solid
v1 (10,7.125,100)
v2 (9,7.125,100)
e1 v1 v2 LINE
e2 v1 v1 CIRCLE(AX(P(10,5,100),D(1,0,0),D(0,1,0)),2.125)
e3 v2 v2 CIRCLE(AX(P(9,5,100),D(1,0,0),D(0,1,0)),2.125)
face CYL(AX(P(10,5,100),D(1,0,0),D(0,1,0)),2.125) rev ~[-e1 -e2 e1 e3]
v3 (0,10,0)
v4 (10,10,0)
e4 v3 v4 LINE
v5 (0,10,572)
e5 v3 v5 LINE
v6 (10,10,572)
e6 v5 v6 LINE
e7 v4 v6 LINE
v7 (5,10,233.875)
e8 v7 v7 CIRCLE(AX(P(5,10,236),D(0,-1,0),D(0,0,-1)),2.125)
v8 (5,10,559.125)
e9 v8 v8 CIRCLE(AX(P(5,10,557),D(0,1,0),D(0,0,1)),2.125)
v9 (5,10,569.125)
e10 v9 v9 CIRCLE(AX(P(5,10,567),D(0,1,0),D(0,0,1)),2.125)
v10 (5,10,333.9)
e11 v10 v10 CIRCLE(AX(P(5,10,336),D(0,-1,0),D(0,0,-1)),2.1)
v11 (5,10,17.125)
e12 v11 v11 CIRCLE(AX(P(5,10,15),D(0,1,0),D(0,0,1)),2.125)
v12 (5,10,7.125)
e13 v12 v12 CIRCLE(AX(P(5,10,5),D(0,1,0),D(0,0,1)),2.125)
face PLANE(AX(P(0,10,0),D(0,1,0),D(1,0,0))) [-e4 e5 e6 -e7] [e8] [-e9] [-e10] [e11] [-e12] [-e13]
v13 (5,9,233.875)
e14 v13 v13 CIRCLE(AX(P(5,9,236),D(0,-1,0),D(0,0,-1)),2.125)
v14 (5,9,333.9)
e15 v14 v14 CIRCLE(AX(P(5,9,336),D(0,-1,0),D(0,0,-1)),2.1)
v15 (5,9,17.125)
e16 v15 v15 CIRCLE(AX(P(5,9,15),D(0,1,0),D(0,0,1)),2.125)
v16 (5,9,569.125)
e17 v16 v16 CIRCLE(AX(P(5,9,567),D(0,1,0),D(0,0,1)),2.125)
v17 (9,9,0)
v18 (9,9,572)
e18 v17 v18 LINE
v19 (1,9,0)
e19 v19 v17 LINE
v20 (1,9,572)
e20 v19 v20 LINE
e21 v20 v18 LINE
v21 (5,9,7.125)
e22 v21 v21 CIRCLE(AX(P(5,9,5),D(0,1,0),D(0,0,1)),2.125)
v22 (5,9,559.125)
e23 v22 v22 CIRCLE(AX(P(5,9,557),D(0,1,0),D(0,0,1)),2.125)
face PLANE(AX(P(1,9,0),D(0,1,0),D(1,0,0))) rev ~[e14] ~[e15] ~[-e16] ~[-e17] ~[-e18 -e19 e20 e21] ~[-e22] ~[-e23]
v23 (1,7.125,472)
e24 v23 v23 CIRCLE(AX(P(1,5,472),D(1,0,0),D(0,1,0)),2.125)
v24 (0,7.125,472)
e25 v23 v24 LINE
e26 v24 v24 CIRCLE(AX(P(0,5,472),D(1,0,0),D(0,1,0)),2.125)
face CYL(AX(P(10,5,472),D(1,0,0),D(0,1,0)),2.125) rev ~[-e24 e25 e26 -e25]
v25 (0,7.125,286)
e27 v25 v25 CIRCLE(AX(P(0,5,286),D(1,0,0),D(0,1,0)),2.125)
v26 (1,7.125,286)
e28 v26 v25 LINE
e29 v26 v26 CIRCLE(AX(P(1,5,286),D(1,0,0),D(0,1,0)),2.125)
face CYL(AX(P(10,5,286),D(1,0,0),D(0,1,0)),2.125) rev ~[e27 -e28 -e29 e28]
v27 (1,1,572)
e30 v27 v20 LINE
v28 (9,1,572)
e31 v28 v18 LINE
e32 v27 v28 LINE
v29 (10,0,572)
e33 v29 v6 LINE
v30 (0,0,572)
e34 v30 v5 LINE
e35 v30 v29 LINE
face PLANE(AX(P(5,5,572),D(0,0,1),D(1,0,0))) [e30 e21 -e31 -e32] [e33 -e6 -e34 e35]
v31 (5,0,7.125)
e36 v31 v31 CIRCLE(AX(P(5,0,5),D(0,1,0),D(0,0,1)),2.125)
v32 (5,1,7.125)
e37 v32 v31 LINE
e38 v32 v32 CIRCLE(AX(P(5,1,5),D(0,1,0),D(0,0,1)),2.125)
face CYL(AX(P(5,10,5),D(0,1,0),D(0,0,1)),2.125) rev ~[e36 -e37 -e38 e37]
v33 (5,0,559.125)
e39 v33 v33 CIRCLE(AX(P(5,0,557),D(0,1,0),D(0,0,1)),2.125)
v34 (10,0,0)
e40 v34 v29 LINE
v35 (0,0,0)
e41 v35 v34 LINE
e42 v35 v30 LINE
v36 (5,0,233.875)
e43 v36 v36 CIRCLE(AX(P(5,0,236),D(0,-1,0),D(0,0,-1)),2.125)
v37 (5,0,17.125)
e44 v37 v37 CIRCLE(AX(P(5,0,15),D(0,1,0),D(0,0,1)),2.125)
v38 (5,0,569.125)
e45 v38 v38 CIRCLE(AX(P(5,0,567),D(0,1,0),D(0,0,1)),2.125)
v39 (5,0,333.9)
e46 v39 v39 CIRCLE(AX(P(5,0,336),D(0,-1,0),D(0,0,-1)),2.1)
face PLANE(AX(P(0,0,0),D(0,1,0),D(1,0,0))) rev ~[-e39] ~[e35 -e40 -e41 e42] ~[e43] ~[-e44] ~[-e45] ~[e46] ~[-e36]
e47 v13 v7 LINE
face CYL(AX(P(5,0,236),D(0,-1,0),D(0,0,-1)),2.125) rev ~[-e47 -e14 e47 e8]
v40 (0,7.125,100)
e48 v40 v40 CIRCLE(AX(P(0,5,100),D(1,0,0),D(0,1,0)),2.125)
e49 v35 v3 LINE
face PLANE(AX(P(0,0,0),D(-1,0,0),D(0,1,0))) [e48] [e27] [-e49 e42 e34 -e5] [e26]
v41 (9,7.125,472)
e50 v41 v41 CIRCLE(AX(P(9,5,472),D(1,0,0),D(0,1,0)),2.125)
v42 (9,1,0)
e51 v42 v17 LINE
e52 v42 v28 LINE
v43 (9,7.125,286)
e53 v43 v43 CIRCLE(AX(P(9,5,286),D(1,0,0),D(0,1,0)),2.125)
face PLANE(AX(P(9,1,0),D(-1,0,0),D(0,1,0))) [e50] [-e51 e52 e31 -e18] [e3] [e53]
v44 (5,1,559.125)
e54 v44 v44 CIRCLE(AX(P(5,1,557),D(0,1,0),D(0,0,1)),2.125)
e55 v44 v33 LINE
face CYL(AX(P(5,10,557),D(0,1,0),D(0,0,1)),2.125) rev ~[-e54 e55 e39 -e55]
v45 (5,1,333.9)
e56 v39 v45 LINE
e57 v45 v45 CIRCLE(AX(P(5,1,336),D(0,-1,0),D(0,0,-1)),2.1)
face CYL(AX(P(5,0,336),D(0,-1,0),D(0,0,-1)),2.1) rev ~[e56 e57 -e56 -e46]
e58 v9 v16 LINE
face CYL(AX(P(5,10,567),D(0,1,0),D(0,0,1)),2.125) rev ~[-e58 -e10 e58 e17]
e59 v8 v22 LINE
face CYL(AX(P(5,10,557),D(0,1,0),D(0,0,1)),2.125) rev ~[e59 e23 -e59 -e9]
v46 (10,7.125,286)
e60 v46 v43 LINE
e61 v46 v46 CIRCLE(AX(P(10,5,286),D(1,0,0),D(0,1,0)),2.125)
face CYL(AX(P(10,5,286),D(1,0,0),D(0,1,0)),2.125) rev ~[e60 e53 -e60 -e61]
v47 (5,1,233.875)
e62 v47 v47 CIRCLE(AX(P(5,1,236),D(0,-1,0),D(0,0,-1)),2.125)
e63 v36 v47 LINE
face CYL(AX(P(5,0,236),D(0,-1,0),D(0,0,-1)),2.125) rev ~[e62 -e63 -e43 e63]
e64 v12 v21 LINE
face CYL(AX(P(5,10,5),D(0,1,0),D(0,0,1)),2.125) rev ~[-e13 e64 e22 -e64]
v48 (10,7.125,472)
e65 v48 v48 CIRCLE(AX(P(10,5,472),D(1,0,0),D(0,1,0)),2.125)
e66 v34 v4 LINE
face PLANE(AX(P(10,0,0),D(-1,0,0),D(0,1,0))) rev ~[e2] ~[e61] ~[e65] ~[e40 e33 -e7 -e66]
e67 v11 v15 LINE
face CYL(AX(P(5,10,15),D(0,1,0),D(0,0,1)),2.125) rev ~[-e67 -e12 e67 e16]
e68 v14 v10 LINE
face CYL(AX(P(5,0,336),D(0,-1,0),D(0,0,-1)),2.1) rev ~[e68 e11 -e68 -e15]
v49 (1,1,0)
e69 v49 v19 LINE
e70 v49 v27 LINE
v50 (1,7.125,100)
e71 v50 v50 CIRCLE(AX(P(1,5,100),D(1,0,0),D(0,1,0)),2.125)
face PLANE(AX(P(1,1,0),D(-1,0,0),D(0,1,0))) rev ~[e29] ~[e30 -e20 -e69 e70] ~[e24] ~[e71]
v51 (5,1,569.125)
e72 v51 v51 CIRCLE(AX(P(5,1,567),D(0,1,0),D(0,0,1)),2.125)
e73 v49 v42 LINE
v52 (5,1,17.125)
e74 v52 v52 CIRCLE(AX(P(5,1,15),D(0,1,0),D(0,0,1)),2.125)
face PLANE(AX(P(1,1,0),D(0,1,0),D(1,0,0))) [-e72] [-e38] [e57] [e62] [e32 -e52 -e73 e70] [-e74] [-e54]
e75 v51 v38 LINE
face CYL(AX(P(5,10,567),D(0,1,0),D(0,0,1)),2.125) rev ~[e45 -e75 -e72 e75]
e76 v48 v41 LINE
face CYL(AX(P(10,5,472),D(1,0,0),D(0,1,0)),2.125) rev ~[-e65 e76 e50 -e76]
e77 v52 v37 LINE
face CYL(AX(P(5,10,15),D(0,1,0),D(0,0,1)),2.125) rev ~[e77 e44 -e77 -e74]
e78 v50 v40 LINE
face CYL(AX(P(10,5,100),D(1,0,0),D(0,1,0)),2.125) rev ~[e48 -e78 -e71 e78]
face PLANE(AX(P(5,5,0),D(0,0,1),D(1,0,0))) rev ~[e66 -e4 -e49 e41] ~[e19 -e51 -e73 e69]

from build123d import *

# Parameters (mm, degrees)
SKETCH1_W           = 10
SKETCH1_H           = 10
SKETCH1_W_2         = 8
SKETCH1_H_2         = 8
BOSS_EXTRUDE1_DEPTH = 572
SKETCH2_R           = 2.125
CUT_EXTRUDE1_DEPTH  = 116
SKETCH3_R           = 2.1
SKETCH3_R_2         = 2.125
CUT_EXTRUDE2_DEPTH  = 10
SKETCH5_R           = 2.125
CUT_EXTRUDE3_DEPTH  = 10


with BuildPart() as part:
    # Sketch1 → Boss-Extrude1 (new body)
    with BuildSketch(Plane.XY):
        with Locations((5, 5)):
            Rectangle(SKETCH1_W, SKETCH1_H)
        with Locations((5, 5)):
            Rectangle(SKETCH1_W_2, SKETCH1_H_2, mode=Mode.SUBTRACT)
    extrude(amount=BOSS_EXTRUDE1_DEPTH)

    # Sketch2 → Cut-Extrude1 (cut)
    with BuildSketch(Plane(origin=(0, 10, 0), x_dir=(1, 0, 0), z_dir=(0, 1, 0))):
        with Locations(Location((5, -5, 0), (0, 0, 270))):
            Circle(SKETCH2_R)
        with Locations(Location((5, -15, 0), (0, 0, 270))):
            Circle(SKETCH2_R)
        with Locations(Location((5, -557, 0), (0, 0, 270))):
            Circle(SKETCH2_R)
        with Locations(Location((5, -567, 0), (0, 0, 270))):
            Circle(SKETCH2_R)
    extrude(amount=-CUT_EXTRUDE1_DEPTH, mode=Mode.SUBTRACT)

    # Sketch3 → Cut-Extrude2 (cut)
    with BuildSketch(Plane.XZ):
        with Locations(Location((5, 336, 0), (0, 0, 270))):
            Circle(SKETCH3_R)
        with Locations(Location((5, 236, 0), (0, 0, 270))):
            Circle(SKETCH3_R_2)
    extrude(amount=-CUT_EXTRUDE2_DEPTH, mode=Mode.SUBTRACT)

    # Sketch5 → Cut-Extrude3 (cut)
    with BuildSketch(Plane(origin=(10, 0, 0), x_dir=(0, 0, -1), z_dir=(1, 0, 0))):
        with Locations(Location((-472, 5, 0), (0, 0, 90))):
            Circle(SKETCH5_R)
        with Locations(Location((-100, 5, 0), (0, 0, 90))):
            Circle(SKETCH5_R)
        with Locations(Location((-286, 5, 0), (0, 0, 90))):
            Circle(SKETCH5_R)
    extrude(amount=-CUT_EXTRUDE3_DEPTH, mode=Mode.SUBTRACT)


solid = part.part
